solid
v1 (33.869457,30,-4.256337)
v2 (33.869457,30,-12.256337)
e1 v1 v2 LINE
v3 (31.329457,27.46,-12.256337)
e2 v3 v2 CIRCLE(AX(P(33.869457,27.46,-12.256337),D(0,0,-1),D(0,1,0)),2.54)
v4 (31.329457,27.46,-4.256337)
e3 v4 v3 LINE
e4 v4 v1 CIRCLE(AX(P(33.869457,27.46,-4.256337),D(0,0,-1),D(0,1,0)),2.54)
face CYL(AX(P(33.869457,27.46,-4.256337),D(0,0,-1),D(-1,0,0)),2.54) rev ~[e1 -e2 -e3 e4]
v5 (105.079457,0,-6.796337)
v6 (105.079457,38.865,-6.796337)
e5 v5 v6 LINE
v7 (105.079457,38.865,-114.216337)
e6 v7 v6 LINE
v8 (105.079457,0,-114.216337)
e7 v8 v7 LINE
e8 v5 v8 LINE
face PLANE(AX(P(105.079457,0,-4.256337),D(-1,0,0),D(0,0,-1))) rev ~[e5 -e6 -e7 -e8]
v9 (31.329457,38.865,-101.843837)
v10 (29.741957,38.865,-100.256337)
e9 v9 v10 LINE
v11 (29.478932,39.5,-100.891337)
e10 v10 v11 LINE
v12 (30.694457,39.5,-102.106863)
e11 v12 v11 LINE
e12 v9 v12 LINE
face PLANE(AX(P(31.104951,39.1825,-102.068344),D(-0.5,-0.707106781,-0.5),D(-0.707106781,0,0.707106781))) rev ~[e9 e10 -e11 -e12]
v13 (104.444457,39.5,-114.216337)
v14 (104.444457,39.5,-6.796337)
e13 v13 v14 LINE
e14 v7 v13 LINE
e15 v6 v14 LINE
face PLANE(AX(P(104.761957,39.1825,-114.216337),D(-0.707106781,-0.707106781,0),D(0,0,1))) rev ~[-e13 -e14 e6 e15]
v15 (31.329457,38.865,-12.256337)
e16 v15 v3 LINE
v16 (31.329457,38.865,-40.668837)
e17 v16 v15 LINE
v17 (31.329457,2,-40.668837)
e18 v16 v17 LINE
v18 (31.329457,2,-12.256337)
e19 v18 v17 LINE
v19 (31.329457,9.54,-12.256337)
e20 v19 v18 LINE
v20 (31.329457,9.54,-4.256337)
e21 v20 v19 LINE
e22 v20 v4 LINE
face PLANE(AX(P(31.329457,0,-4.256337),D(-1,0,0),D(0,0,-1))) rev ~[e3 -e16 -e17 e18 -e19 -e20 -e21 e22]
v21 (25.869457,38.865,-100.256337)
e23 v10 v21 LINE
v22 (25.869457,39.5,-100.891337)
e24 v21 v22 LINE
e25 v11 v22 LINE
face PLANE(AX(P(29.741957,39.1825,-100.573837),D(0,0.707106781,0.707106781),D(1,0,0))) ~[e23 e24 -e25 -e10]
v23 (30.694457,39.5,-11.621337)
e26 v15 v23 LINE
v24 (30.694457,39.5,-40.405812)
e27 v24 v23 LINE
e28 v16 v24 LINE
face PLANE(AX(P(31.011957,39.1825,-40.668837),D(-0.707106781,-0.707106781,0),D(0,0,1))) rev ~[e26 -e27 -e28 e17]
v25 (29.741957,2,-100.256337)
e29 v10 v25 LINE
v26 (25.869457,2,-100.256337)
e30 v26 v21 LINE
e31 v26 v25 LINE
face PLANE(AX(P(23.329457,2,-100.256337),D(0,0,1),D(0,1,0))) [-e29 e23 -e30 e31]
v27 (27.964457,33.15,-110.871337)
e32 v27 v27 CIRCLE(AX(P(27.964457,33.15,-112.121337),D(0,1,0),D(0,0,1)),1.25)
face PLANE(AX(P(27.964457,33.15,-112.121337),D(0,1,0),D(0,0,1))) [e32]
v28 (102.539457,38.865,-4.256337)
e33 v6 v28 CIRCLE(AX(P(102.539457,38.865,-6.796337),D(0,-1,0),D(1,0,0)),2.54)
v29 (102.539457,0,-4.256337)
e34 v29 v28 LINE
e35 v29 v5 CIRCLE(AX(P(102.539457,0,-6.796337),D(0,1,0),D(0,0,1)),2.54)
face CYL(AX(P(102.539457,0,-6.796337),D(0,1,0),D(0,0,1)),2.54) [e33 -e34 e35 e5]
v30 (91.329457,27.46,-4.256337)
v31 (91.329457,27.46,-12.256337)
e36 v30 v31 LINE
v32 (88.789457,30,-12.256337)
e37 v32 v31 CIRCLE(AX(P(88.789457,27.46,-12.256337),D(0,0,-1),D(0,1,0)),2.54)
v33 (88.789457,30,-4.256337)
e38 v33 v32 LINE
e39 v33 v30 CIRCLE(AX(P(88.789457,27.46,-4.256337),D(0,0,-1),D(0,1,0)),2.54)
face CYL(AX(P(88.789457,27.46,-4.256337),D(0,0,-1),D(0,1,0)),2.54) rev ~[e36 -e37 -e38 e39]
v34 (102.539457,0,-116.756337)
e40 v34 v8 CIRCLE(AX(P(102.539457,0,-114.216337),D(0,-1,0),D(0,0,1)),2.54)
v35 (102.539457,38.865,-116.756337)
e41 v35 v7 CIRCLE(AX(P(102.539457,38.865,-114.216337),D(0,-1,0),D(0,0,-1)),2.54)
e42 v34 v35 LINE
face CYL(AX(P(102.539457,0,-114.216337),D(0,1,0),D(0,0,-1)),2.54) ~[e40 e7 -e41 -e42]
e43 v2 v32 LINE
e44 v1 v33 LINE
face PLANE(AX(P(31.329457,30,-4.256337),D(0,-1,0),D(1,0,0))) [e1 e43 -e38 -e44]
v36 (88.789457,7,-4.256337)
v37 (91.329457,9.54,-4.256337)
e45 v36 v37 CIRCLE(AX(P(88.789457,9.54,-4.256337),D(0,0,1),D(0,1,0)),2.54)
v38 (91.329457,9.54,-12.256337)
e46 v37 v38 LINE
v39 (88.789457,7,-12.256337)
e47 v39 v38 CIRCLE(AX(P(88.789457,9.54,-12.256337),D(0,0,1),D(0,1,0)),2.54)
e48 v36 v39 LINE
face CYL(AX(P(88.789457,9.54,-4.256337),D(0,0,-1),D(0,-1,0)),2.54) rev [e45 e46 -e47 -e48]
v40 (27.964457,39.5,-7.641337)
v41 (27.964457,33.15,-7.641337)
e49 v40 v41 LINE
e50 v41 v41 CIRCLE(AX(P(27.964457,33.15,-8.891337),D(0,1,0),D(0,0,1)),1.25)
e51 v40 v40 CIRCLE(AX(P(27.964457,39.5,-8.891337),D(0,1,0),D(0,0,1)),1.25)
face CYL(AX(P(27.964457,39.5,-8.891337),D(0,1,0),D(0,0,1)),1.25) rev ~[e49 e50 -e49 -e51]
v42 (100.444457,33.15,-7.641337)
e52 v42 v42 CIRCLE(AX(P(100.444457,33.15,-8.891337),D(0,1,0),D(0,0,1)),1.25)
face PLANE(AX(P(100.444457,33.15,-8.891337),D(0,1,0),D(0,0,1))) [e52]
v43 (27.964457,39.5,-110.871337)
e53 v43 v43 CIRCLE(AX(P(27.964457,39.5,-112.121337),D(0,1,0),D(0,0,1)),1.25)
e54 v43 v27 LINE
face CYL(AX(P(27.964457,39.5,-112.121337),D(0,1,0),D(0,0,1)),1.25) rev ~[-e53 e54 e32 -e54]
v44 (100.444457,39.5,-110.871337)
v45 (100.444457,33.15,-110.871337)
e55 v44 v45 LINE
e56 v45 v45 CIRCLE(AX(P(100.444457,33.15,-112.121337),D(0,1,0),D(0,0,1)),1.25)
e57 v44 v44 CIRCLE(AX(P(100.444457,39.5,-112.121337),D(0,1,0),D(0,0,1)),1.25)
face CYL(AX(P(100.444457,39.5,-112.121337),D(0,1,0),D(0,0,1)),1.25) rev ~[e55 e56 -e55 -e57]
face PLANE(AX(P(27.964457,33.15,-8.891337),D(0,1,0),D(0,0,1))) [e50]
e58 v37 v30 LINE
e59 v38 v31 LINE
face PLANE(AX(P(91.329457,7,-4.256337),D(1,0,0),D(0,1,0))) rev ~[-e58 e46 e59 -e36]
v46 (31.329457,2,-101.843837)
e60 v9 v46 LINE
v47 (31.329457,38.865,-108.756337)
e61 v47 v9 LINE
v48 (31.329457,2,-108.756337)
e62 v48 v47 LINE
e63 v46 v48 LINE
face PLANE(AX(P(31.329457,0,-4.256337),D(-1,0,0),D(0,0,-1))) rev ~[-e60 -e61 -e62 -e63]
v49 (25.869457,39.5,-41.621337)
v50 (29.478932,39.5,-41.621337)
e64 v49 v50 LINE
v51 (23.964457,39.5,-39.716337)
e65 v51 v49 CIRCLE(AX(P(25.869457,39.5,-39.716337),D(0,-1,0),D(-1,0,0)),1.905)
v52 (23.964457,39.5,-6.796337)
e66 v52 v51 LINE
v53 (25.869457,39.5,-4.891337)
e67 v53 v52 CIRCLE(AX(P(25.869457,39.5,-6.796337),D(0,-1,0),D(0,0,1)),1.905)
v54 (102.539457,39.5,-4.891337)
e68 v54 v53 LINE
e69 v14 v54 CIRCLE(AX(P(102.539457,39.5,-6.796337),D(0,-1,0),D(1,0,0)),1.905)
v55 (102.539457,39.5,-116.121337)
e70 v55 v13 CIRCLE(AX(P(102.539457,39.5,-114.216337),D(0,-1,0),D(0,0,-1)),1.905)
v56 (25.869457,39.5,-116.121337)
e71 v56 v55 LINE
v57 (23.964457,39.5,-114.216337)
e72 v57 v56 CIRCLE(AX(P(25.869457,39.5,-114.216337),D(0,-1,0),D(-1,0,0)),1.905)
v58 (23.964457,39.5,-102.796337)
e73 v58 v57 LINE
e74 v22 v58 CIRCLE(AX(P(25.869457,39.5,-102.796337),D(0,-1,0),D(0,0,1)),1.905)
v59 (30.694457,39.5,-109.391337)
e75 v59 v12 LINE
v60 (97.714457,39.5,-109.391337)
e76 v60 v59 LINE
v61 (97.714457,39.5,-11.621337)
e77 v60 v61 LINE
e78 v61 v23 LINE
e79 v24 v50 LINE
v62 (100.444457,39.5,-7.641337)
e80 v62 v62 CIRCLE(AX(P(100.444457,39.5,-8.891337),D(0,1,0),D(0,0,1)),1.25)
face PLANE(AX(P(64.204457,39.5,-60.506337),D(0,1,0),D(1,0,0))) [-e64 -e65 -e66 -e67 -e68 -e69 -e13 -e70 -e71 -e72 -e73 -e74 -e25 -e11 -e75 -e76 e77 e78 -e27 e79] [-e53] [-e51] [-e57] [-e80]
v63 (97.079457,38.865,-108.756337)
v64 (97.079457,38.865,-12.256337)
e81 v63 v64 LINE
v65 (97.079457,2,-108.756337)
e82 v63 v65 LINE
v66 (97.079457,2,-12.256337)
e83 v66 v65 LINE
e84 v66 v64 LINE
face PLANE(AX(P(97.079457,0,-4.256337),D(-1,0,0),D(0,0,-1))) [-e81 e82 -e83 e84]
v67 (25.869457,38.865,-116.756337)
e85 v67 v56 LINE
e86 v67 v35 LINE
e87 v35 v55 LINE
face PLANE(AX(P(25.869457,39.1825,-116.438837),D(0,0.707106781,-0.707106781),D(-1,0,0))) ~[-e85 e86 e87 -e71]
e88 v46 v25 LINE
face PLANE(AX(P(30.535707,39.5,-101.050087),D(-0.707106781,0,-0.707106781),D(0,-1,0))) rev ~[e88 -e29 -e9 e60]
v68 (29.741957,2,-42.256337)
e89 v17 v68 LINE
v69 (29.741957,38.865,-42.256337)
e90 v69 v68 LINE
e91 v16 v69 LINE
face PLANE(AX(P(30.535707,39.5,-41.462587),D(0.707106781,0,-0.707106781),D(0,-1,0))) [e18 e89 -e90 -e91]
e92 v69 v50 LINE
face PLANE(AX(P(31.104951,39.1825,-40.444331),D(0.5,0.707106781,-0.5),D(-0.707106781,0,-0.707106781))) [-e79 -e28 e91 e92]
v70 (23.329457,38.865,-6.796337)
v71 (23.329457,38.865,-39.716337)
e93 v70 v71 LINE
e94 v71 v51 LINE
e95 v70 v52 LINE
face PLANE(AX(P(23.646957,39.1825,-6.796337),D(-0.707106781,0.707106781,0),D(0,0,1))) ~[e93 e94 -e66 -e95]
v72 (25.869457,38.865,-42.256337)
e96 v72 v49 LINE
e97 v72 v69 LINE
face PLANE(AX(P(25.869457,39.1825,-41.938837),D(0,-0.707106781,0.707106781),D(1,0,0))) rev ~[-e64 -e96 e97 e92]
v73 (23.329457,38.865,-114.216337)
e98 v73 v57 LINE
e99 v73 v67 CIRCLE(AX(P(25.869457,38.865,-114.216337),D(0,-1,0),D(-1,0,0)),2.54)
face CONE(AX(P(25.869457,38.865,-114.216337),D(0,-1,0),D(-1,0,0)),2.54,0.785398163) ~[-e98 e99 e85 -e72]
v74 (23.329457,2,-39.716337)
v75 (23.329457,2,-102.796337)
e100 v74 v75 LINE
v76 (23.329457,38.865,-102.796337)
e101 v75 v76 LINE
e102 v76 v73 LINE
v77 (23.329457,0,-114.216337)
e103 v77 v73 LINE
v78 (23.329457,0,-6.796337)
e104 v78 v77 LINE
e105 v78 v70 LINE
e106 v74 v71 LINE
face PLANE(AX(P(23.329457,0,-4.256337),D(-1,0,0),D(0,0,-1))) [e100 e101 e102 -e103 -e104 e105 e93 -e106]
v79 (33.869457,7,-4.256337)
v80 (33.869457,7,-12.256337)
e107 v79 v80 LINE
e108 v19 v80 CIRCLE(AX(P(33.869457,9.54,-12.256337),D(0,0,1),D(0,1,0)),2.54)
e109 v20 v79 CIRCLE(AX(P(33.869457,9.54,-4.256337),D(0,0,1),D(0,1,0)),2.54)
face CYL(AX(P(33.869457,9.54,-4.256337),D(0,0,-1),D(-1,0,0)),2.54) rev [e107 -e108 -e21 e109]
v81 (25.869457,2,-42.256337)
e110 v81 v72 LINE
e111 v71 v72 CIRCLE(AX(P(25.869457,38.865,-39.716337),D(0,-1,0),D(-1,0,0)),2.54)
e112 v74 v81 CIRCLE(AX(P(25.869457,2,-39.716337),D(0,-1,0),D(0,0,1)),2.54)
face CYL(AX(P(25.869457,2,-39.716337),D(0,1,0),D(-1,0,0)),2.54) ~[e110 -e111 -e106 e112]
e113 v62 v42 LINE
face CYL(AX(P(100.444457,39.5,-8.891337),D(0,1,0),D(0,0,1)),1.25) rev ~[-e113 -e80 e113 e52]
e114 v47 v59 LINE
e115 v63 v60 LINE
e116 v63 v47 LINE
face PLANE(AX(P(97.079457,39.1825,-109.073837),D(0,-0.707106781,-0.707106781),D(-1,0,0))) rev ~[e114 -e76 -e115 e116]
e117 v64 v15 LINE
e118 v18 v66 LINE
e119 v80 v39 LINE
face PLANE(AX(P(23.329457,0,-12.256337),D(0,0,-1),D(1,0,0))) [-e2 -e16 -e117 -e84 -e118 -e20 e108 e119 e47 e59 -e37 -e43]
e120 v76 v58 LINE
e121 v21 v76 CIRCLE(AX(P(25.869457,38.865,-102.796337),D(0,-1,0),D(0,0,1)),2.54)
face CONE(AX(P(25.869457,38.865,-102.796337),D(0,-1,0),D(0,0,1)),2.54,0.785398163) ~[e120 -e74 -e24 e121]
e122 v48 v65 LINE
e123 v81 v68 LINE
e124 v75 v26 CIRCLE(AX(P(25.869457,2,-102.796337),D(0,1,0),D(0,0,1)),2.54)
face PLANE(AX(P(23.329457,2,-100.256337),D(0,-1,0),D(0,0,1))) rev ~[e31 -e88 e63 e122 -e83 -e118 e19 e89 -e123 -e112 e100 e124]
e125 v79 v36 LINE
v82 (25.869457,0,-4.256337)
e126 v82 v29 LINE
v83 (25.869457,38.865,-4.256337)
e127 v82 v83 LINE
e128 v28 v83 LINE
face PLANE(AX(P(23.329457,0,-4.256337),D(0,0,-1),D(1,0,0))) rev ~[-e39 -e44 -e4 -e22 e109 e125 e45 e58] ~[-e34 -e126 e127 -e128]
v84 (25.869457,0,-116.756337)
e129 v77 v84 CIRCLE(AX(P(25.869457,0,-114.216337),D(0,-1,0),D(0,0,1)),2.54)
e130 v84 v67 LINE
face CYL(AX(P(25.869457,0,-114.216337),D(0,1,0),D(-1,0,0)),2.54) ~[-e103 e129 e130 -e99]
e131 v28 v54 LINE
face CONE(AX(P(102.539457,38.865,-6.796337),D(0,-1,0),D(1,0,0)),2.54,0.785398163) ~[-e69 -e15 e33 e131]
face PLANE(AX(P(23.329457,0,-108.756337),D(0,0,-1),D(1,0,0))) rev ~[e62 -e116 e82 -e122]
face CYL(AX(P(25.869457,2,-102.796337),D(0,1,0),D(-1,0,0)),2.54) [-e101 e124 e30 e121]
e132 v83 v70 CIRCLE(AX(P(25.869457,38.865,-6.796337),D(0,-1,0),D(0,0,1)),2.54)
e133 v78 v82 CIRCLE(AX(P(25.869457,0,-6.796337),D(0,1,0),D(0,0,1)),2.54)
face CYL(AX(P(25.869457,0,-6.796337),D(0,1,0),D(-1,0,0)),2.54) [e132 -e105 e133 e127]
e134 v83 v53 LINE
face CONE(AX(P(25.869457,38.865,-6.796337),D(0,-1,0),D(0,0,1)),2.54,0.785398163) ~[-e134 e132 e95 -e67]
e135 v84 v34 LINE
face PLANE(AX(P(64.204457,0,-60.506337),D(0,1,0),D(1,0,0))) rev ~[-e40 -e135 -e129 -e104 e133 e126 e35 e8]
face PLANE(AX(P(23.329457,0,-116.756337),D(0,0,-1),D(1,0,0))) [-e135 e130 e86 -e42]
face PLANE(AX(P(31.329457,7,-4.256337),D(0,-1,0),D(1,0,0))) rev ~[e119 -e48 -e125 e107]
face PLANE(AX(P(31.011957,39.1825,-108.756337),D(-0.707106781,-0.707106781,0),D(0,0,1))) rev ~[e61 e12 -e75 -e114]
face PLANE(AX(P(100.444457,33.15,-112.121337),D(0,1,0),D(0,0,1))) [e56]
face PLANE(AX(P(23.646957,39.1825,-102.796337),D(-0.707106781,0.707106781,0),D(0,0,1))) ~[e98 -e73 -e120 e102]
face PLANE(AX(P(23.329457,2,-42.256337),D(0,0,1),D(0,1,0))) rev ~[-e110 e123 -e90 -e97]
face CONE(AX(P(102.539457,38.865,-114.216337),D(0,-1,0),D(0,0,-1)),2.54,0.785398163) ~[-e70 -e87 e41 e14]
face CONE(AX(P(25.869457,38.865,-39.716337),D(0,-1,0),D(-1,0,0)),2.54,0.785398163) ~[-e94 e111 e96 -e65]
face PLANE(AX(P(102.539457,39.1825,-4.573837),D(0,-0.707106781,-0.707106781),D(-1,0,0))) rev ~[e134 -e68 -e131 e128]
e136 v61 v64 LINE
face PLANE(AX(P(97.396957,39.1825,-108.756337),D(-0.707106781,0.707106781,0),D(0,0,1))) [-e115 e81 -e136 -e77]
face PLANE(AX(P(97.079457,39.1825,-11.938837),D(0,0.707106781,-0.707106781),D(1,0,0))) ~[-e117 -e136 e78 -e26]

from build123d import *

# Parameters (mm, degrees)
SKETCH1_W                 = 81.750000004
SKETCH1_H                 = 112.500000004
BOSS_EXTRUDE3_DEPTH       = 39.5
SHELL1_T                  = -8.000000002
SHELL1_THICKNESS_2_FACE_W = 96.5
SHELL1_THICKNESS_2_FACE_H = 65.75
SHELL1_THICKNESS_2_DEPTH  = 6.000000002
CUT_EXTRUDE1_REACH        = 149.903
SKETCH2_W                 = 58
SKETCH2_H                 = 37.5
CUT_EXTRUDE2_REACH        = 160.928
SKETCH3_W                 = 60
SKETCH3_H                 = 23
FILLET1_R                 = 2.54
CHAMFER1_SIZE             = 1.5875
FILLET2_R                 = 2.54
CHAMFER2_SIZE             = 0.635
SKETCH4_R                 = 1.25
CUT_EXTRUDE3_DEPTH        = 6.35


with BuildPart() as part:
    # Sketch1 → Boss-Extrude3 (new body)
    with BuildSketch(Plane(origin=(0, 0, 0), x_dir=(1, 0, 0), z_dir=(0, 1, 0))):
        with Locations((64.204457377, 60.506337211)):
            Rectangle(SKETCH1_W, SKETCH1_H)
    extrude(amount=BOSS_EXTRUDE3_DEPTH)

    # Shell1
    shell1_openings = [part.faces().sort_by_distance(p)[0] for p in [
        (64.204457377, 39.5, -60.506337211),
    ]]
    offset(amount=SHELL1_T, openings=shell1_openings, kind=Kind.INTERSECTION)

    # Shell1 thickness 2 face (on inner face of the shell) → Shell1 thickness 2 (cut)
    with BuildSketch(Plane(origin=(64.204457377, 8.000000002, -60.506337211), x_dir=(0, 0, -1), z_dir=(0, -1, 0))):
        Rectangle(SHELL1_THICKNESS_2_FACE_W, SHELL1_THICKNESS_2_FACE_H)
    extrude(amount=SHELL1_THICKNESS_2_DEPTH, mode=Mode.SUBTRACT)

    # Sketch2 → Cut-Extrude1 (cut, up to next)
    with BuildSketch(Plane.ZY.offset(-23.329457375), mode=Mode.PRIVATE) as cut_extrude1_sk1:
        with Locations((-71.256337211, 20.75)):
            Rectangle(SKETCH2_W, SKETCH2_H)
    cut_extrude1_tool1 = extrude(cut_extrude1_sk1.sketch, amount=-CUT_EXTRUDE1_REACH, mode=Mode.PRIVATE) & part.part
    add(cut_extrude1_tool1.solids().sort_by_distance((23.329457, 20.75, -71.256337))[0], mode=Mode.SUBTRACT)

    # Sketch3 → Cut-Extrude2 (cut, up to next)
    with BuildSketch(Plane.XY.offset(-4.256337209), mode=Mode.PRIVATE) as cut_extrude2_sk1:
        with Locations((61.329457377, 18.5)):
            Rectangle(SKETCH3_W, SKETCH3_H)
    cut_extrude2_tool1 = extrude(cut_extrude2_sk1.sketch, amount=-CUT_EXTRUDE2_REACH, mode=Mode.PRIVATE) & part.part
    add(cut_extrude2_tool1.solids().sort_by_distance((61.329457, 18.5, -4.256337))[0], mode=Mode.SUBTRACT)

    # Fillet1
    fillet1_edges = [part.edges().sort_by_distance(p)[0] for p in [
        (23.329457375, 20.75, -100.256337211),
        (23.329457375, 20.75, -42.256337211),
        (23.329457375, 19.75, -116.756337213),
        (105.079457379, 19.75, -116.756337213),
        (105.079457379, 19.75, -4.256337209),
        (23.329457375, 19.75, -4.256337209),
    ]]
    fillet(fillet1_edges, radius=FILLET1_R)

    # Chamfer1
    chamfer1_edges = [part.edges().sort_by_distance(p)[0] for p in [
        (31.329457377, 20.75, -100.256337211),
        (31.329457377, 20.75, -42.256337211),
    ]]
    chamfer(chamfer1_edges, length=CHAMFER1_SIZE)

    # Fillet2
    fillet2_edges = [part.edges().sort_by_distance(p)[0] for p in [
        (31.329457377, 7, -8.25633721),
        (31.329457377, 30, -8.25633721),
        (91.329457377, 30, -8.25633721),
        (91.329457377, 7, -8.25633721),
    ]]
    fillet(fillet2_edges, radius=FILLET2_R)

    # Chamfer2
    chamfer2_edges = [part.edges().sort_by_distance(p)[0] for p in [
        (31.329457377, 39.5, -26.462587211),
        (27.805707376, 39.5, -42.256337211),
        (27.805707376, 39.5, -100.256337211),
        (30.535707377, 39.5, -101.050087211),
        (30.535707377, 39.5, -41.462587211),
        (31.329457377, 39.5, -105.300087211),
        (64.204457377, 39.5, -12.256337211),
        (97.079457377, 39.5, -60.506337211),
        (64.204457377, 39.5, -108.756337211),
        (23.329457375, 39.5, -23.25633721),
        (64.204457377, 39.5, -4.256337209),
        (105.079457379, 39.5, -60.506337211),
        (64.204457377, 39.5, -116.756337213),
        (23.329457375, 39.5, -108.506337212),
        (104.335508603, 39.5, -116.012388437),
        (104.335508603, 39.5, -5.000285984),
        (24.073406151, 39.5, -5.000285984),
        (24.073406151, 39.5, -116.012388437),
        (24.073406151, 39.5, -101.000285986),
        (24.073406151, 39.5, -41.512388435),
    ]]
    chamfer(chamfer2_edges, length=CHAMFER2_SIZE)

    # Sketch4 → Cut-Extrude3 (cut)
    with BuildSketch(Plane(origin=(0, 39.5, 0), x_dir=(1, 0, 0), z_dir=(0, 1, 0))):
        with Locations(Location((27.964457375, 112.121337213, 0), (0, 0, 270))):
            Circle(SKETCH4_R)
        with Locations(Location((100.444457379, 112.121337213, 0), (0, 0, 270))):
            Circle(SKETCH4_R)
        with Locations(Location((27.964457375, 8.891337209, 0), (0, 0, 270))):
            Circle(SKETCH4_R)
        with Locations(Location((100.444457379, 8.891337209, 0), (0, 0, 270))):
            Circle(SKETCH4_R)
    extrude(amount=-CUT_EXTRUDE3_DEPTH, mode=Mode.SUBTRACT)


solid = part.part
